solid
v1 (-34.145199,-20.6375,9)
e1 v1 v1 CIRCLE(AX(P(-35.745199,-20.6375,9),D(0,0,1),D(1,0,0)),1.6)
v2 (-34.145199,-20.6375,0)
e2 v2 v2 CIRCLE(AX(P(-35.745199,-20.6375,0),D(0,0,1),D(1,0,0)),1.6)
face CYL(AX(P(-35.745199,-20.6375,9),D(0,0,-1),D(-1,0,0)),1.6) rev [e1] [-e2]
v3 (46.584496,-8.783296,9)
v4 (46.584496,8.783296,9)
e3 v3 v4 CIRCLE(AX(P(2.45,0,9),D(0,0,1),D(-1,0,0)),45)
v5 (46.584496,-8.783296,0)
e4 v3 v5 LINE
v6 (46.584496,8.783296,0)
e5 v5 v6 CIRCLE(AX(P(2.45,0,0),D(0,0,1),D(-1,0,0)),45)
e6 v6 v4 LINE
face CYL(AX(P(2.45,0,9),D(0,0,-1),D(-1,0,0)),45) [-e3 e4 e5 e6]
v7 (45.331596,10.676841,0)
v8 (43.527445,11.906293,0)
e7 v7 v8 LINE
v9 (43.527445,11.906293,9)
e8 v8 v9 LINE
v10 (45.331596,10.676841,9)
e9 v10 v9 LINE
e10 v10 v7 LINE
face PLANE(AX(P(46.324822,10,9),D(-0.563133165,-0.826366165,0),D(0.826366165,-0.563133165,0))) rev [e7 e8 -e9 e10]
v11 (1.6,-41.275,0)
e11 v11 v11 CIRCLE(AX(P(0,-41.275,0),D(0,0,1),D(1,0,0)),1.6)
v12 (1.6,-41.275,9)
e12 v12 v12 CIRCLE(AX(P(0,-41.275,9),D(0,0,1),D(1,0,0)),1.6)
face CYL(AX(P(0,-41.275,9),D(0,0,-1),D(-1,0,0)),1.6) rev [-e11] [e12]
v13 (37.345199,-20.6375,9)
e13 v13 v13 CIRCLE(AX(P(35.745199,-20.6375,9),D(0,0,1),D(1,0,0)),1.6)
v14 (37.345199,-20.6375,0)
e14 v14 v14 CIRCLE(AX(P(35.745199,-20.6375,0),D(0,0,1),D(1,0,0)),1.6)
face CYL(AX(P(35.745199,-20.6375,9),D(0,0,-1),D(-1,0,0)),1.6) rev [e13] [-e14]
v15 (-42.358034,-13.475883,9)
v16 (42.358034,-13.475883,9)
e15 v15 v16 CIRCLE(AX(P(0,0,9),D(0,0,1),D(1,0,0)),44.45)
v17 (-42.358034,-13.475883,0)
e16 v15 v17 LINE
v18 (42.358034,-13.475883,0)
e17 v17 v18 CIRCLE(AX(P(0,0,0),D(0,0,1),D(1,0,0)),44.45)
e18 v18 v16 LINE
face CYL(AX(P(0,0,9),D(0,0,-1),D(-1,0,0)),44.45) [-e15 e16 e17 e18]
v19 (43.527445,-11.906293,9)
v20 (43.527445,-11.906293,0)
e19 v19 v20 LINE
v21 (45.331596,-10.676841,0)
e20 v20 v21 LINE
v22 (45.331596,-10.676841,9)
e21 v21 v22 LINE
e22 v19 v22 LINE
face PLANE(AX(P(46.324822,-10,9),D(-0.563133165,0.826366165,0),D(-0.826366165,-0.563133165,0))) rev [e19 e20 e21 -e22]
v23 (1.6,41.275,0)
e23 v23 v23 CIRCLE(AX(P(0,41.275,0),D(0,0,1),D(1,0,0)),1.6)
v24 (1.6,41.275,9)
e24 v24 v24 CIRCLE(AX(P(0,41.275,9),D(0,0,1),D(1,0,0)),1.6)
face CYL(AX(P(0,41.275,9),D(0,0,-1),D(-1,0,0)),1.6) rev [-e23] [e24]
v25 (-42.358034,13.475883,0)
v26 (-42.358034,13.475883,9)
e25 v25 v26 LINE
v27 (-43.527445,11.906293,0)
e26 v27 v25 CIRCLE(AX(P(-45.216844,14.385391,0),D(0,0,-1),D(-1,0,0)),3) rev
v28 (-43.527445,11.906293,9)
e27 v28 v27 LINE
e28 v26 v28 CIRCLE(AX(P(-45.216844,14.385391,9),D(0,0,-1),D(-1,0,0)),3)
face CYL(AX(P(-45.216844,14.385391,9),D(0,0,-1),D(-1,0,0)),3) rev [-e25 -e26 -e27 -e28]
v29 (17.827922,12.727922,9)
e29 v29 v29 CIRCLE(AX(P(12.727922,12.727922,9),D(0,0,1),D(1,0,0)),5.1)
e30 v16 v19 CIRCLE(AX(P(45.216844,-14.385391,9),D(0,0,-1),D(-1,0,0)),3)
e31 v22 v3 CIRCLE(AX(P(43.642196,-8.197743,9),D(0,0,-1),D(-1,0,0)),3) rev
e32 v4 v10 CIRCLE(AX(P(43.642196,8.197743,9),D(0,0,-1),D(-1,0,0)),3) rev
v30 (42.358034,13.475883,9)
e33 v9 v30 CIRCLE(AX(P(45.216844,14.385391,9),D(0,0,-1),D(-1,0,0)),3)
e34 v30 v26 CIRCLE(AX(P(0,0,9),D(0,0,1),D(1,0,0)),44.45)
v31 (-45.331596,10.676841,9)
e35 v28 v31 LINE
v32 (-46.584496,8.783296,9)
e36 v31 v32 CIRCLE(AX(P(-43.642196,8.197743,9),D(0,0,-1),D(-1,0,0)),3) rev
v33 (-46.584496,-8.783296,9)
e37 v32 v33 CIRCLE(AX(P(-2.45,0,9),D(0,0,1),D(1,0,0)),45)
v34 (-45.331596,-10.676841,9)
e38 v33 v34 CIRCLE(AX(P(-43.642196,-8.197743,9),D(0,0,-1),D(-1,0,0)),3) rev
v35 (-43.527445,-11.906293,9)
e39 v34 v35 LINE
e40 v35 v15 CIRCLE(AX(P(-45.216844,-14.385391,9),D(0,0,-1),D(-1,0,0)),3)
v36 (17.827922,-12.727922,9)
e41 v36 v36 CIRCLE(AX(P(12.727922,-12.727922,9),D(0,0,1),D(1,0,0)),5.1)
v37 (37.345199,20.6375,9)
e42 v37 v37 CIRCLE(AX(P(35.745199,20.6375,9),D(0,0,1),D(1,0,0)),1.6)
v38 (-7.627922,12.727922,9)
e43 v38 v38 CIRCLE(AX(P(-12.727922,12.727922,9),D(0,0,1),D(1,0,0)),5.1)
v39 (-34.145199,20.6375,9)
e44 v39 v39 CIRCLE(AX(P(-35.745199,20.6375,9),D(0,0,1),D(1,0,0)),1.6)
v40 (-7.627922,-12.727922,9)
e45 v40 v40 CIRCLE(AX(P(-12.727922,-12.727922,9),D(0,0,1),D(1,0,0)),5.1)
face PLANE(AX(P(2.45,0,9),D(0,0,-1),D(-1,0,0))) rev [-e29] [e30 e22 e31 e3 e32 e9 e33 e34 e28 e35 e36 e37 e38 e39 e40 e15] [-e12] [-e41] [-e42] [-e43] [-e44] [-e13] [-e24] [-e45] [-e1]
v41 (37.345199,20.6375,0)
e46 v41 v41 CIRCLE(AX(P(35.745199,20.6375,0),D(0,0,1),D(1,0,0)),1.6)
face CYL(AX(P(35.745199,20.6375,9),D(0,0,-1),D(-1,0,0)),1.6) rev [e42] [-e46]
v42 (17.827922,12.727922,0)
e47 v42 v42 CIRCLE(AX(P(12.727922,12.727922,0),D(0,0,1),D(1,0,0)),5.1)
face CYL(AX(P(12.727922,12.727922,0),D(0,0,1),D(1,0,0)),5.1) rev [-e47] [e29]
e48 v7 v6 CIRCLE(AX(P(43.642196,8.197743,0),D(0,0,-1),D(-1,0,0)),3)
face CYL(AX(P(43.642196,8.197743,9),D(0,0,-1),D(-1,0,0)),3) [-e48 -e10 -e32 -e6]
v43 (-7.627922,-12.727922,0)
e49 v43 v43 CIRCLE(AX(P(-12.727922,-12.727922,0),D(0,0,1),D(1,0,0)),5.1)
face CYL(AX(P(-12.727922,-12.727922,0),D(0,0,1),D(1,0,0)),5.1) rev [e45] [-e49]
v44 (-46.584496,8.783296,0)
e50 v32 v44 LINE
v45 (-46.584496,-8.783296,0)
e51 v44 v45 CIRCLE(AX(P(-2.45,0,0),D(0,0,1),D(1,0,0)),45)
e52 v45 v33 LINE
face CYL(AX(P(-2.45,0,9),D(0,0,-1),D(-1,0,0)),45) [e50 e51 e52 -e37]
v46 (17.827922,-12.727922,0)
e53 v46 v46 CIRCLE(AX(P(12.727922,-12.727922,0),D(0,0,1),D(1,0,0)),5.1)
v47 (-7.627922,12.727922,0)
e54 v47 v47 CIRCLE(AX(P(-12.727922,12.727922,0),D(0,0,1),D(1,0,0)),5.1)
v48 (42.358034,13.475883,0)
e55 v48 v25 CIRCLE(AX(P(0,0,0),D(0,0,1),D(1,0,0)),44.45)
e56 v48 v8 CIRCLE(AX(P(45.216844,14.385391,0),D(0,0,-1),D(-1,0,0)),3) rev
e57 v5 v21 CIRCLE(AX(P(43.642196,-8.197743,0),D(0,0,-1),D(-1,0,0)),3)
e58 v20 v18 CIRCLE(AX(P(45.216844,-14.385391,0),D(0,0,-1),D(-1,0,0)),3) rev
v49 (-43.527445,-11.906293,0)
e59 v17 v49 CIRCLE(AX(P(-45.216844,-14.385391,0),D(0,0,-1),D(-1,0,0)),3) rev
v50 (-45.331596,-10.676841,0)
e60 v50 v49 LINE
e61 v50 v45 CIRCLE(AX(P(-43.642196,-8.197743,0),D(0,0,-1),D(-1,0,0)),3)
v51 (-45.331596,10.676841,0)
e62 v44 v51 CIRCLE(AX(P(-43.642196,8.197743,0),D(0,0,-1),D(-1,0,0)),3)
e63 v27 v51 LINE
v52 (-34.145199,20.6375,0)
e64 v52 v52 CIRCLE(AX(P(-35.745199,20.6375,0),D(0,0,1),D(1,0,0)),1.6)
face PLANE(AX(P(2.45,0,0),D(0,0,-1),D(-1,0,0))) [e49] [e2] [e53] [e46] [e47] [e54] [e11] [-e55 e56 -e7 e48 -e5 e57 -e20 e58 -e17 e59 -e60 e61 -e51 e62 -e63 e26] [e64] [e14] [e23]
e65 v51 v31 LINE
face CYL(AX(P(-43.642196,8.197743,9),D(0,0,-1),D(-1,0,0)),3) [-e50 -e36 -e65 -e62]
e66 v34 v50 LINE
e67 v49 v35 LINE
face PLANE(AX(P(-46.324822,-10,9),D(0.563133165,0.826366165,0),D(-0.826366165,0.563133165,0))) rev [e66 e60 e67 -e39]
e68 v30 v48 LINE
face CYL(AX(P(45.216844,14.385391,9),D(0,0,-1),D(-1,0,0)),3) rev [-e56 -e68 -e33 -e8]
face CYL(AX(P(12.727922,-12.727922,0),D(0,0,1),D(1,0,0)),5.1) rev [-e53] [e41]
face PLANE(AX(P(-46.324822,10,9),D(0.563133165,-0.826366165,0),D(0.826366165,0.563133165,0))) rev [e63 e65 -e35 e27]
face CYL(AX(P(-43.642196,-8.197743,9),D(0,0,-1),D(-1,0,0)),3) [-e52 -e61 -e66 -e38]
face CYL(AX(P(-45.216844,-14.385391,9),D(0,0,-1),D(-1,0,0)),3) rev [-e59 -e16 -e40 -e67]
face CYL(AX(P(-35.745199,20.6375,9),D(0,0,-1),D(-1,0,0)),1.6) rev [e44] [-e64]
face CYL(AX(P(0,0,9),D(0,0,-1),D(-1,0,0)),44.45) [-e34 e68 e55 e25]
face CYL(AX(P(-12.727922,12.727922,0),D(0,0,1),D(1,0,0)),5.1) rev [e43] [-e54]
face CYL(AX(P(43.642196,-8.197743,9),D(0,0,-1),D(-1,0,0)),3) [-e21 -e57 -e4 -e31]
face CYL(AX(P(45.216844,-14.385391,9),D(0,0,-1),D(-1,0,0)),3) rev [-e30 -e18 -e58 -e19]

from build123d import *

# Parameters (mm, degrees)
SKETCH1_R           = 1.6
BOSS_EXTRUDE1_DEPTH = 9
FILLET1_R           = 3
SKETCH2_R           = 5.1
CUT_EXTRUDE1_DEPTH  = 10


with BuildPart() as part:
    # Sketch1 → Boss-Extrude1 (new body)
    with BuildSketch(Plane.XY):
        with BuildLine():
            Line((-46.324821937, 10), (-42.656212912, 12.5))
            ThreePointArc((-42.656212912, 12.5), (0, 44.45), (42.656212912, 12.5))
            Line((42.656212912, 12.5), (46.324821937, 10))
            ThreePointArc((46.324821937, 10), (47.45, 0), (46.324821937, -10))
            Line((46.324821937, -10), (42.656212912, -12.5))
            ThreePointArc((42.656212912, -12.5), (0, -44.45), (-42.656212912, -12.5))
            Line((-42.656212912, -12.5), (-46.324821937, -10))
            ThreePointArc((-46.324821937, -10), (-47.45, 0), (-46.324821937, 10))
        make_face()
        with Locations((0, 41.275)):
            Circle(SKETCH1_R, mode=Mode.SUBTRACT)
        with Locations((35.745198541, 20.6375)):
            Circle(SKETCH1_R, mode=Mode.SUBTRACT)
        with Locations((35.745198541, -20.6375)):
            Circle(SKETCH1_R, mode=Mode.SUBTRACT)
        with Locations((0, -41.275)):
            Circle(SKETCH1_R, mode=Mode.SUBTRACT)
        with Locations((-35.745198541, -20.6375)):
            Circle(SKETCH1_R, mode=Mode.SUBTRACT)
        with Locations((-35.745198541, 20.6375)):
            Circle(SKETCH1_R, mode=Mode.SUBTRACT)
    extrude(amount=BOSS_EXTRUDE1_DEPTH)

    # Fillet1
    fillet1_edges = [part.edges().sort_by_distance(p)[0] for p in [
        (46.324821937, -10, 4.5),
        (42.656212912, -12.5, 4.5),
        (-42.656212912, -12.5, 4.5),
        (-46.324821937, -10, 4.5),
        (-46.324821937, 10, 4.5),
        (-42.656212912, 12.5, 4.5),
        (42.656212912, 12.5, 4.5),
        (46.324821937, 10, 4.5),
    ]]
    fillet(fillet1_edges, radius=FILLET1_R)

    # Sketch2 → Cut-Extrude1 (cut, through all)
    with BuildSketch(Plane.XY.offset(9)):
        with Locations((12.727922061, 12.727922061)):
            Circle(SKETCH2_R)
        with Locations((12.727922061, -12.727922061)):
            Circle(SKETCH2_R)
        with Locations((-12.727922061, -12.727922061)):
            Circle(SKETCH2_R)
        with Locations((-12.727922061, 12.727922061)):
            Circle(SKETCH2_R)
    extrude(amount=-CUT_EXTRUDE1_DEPTH, mode=Mode.SUBTRACT)


solid = part.part
